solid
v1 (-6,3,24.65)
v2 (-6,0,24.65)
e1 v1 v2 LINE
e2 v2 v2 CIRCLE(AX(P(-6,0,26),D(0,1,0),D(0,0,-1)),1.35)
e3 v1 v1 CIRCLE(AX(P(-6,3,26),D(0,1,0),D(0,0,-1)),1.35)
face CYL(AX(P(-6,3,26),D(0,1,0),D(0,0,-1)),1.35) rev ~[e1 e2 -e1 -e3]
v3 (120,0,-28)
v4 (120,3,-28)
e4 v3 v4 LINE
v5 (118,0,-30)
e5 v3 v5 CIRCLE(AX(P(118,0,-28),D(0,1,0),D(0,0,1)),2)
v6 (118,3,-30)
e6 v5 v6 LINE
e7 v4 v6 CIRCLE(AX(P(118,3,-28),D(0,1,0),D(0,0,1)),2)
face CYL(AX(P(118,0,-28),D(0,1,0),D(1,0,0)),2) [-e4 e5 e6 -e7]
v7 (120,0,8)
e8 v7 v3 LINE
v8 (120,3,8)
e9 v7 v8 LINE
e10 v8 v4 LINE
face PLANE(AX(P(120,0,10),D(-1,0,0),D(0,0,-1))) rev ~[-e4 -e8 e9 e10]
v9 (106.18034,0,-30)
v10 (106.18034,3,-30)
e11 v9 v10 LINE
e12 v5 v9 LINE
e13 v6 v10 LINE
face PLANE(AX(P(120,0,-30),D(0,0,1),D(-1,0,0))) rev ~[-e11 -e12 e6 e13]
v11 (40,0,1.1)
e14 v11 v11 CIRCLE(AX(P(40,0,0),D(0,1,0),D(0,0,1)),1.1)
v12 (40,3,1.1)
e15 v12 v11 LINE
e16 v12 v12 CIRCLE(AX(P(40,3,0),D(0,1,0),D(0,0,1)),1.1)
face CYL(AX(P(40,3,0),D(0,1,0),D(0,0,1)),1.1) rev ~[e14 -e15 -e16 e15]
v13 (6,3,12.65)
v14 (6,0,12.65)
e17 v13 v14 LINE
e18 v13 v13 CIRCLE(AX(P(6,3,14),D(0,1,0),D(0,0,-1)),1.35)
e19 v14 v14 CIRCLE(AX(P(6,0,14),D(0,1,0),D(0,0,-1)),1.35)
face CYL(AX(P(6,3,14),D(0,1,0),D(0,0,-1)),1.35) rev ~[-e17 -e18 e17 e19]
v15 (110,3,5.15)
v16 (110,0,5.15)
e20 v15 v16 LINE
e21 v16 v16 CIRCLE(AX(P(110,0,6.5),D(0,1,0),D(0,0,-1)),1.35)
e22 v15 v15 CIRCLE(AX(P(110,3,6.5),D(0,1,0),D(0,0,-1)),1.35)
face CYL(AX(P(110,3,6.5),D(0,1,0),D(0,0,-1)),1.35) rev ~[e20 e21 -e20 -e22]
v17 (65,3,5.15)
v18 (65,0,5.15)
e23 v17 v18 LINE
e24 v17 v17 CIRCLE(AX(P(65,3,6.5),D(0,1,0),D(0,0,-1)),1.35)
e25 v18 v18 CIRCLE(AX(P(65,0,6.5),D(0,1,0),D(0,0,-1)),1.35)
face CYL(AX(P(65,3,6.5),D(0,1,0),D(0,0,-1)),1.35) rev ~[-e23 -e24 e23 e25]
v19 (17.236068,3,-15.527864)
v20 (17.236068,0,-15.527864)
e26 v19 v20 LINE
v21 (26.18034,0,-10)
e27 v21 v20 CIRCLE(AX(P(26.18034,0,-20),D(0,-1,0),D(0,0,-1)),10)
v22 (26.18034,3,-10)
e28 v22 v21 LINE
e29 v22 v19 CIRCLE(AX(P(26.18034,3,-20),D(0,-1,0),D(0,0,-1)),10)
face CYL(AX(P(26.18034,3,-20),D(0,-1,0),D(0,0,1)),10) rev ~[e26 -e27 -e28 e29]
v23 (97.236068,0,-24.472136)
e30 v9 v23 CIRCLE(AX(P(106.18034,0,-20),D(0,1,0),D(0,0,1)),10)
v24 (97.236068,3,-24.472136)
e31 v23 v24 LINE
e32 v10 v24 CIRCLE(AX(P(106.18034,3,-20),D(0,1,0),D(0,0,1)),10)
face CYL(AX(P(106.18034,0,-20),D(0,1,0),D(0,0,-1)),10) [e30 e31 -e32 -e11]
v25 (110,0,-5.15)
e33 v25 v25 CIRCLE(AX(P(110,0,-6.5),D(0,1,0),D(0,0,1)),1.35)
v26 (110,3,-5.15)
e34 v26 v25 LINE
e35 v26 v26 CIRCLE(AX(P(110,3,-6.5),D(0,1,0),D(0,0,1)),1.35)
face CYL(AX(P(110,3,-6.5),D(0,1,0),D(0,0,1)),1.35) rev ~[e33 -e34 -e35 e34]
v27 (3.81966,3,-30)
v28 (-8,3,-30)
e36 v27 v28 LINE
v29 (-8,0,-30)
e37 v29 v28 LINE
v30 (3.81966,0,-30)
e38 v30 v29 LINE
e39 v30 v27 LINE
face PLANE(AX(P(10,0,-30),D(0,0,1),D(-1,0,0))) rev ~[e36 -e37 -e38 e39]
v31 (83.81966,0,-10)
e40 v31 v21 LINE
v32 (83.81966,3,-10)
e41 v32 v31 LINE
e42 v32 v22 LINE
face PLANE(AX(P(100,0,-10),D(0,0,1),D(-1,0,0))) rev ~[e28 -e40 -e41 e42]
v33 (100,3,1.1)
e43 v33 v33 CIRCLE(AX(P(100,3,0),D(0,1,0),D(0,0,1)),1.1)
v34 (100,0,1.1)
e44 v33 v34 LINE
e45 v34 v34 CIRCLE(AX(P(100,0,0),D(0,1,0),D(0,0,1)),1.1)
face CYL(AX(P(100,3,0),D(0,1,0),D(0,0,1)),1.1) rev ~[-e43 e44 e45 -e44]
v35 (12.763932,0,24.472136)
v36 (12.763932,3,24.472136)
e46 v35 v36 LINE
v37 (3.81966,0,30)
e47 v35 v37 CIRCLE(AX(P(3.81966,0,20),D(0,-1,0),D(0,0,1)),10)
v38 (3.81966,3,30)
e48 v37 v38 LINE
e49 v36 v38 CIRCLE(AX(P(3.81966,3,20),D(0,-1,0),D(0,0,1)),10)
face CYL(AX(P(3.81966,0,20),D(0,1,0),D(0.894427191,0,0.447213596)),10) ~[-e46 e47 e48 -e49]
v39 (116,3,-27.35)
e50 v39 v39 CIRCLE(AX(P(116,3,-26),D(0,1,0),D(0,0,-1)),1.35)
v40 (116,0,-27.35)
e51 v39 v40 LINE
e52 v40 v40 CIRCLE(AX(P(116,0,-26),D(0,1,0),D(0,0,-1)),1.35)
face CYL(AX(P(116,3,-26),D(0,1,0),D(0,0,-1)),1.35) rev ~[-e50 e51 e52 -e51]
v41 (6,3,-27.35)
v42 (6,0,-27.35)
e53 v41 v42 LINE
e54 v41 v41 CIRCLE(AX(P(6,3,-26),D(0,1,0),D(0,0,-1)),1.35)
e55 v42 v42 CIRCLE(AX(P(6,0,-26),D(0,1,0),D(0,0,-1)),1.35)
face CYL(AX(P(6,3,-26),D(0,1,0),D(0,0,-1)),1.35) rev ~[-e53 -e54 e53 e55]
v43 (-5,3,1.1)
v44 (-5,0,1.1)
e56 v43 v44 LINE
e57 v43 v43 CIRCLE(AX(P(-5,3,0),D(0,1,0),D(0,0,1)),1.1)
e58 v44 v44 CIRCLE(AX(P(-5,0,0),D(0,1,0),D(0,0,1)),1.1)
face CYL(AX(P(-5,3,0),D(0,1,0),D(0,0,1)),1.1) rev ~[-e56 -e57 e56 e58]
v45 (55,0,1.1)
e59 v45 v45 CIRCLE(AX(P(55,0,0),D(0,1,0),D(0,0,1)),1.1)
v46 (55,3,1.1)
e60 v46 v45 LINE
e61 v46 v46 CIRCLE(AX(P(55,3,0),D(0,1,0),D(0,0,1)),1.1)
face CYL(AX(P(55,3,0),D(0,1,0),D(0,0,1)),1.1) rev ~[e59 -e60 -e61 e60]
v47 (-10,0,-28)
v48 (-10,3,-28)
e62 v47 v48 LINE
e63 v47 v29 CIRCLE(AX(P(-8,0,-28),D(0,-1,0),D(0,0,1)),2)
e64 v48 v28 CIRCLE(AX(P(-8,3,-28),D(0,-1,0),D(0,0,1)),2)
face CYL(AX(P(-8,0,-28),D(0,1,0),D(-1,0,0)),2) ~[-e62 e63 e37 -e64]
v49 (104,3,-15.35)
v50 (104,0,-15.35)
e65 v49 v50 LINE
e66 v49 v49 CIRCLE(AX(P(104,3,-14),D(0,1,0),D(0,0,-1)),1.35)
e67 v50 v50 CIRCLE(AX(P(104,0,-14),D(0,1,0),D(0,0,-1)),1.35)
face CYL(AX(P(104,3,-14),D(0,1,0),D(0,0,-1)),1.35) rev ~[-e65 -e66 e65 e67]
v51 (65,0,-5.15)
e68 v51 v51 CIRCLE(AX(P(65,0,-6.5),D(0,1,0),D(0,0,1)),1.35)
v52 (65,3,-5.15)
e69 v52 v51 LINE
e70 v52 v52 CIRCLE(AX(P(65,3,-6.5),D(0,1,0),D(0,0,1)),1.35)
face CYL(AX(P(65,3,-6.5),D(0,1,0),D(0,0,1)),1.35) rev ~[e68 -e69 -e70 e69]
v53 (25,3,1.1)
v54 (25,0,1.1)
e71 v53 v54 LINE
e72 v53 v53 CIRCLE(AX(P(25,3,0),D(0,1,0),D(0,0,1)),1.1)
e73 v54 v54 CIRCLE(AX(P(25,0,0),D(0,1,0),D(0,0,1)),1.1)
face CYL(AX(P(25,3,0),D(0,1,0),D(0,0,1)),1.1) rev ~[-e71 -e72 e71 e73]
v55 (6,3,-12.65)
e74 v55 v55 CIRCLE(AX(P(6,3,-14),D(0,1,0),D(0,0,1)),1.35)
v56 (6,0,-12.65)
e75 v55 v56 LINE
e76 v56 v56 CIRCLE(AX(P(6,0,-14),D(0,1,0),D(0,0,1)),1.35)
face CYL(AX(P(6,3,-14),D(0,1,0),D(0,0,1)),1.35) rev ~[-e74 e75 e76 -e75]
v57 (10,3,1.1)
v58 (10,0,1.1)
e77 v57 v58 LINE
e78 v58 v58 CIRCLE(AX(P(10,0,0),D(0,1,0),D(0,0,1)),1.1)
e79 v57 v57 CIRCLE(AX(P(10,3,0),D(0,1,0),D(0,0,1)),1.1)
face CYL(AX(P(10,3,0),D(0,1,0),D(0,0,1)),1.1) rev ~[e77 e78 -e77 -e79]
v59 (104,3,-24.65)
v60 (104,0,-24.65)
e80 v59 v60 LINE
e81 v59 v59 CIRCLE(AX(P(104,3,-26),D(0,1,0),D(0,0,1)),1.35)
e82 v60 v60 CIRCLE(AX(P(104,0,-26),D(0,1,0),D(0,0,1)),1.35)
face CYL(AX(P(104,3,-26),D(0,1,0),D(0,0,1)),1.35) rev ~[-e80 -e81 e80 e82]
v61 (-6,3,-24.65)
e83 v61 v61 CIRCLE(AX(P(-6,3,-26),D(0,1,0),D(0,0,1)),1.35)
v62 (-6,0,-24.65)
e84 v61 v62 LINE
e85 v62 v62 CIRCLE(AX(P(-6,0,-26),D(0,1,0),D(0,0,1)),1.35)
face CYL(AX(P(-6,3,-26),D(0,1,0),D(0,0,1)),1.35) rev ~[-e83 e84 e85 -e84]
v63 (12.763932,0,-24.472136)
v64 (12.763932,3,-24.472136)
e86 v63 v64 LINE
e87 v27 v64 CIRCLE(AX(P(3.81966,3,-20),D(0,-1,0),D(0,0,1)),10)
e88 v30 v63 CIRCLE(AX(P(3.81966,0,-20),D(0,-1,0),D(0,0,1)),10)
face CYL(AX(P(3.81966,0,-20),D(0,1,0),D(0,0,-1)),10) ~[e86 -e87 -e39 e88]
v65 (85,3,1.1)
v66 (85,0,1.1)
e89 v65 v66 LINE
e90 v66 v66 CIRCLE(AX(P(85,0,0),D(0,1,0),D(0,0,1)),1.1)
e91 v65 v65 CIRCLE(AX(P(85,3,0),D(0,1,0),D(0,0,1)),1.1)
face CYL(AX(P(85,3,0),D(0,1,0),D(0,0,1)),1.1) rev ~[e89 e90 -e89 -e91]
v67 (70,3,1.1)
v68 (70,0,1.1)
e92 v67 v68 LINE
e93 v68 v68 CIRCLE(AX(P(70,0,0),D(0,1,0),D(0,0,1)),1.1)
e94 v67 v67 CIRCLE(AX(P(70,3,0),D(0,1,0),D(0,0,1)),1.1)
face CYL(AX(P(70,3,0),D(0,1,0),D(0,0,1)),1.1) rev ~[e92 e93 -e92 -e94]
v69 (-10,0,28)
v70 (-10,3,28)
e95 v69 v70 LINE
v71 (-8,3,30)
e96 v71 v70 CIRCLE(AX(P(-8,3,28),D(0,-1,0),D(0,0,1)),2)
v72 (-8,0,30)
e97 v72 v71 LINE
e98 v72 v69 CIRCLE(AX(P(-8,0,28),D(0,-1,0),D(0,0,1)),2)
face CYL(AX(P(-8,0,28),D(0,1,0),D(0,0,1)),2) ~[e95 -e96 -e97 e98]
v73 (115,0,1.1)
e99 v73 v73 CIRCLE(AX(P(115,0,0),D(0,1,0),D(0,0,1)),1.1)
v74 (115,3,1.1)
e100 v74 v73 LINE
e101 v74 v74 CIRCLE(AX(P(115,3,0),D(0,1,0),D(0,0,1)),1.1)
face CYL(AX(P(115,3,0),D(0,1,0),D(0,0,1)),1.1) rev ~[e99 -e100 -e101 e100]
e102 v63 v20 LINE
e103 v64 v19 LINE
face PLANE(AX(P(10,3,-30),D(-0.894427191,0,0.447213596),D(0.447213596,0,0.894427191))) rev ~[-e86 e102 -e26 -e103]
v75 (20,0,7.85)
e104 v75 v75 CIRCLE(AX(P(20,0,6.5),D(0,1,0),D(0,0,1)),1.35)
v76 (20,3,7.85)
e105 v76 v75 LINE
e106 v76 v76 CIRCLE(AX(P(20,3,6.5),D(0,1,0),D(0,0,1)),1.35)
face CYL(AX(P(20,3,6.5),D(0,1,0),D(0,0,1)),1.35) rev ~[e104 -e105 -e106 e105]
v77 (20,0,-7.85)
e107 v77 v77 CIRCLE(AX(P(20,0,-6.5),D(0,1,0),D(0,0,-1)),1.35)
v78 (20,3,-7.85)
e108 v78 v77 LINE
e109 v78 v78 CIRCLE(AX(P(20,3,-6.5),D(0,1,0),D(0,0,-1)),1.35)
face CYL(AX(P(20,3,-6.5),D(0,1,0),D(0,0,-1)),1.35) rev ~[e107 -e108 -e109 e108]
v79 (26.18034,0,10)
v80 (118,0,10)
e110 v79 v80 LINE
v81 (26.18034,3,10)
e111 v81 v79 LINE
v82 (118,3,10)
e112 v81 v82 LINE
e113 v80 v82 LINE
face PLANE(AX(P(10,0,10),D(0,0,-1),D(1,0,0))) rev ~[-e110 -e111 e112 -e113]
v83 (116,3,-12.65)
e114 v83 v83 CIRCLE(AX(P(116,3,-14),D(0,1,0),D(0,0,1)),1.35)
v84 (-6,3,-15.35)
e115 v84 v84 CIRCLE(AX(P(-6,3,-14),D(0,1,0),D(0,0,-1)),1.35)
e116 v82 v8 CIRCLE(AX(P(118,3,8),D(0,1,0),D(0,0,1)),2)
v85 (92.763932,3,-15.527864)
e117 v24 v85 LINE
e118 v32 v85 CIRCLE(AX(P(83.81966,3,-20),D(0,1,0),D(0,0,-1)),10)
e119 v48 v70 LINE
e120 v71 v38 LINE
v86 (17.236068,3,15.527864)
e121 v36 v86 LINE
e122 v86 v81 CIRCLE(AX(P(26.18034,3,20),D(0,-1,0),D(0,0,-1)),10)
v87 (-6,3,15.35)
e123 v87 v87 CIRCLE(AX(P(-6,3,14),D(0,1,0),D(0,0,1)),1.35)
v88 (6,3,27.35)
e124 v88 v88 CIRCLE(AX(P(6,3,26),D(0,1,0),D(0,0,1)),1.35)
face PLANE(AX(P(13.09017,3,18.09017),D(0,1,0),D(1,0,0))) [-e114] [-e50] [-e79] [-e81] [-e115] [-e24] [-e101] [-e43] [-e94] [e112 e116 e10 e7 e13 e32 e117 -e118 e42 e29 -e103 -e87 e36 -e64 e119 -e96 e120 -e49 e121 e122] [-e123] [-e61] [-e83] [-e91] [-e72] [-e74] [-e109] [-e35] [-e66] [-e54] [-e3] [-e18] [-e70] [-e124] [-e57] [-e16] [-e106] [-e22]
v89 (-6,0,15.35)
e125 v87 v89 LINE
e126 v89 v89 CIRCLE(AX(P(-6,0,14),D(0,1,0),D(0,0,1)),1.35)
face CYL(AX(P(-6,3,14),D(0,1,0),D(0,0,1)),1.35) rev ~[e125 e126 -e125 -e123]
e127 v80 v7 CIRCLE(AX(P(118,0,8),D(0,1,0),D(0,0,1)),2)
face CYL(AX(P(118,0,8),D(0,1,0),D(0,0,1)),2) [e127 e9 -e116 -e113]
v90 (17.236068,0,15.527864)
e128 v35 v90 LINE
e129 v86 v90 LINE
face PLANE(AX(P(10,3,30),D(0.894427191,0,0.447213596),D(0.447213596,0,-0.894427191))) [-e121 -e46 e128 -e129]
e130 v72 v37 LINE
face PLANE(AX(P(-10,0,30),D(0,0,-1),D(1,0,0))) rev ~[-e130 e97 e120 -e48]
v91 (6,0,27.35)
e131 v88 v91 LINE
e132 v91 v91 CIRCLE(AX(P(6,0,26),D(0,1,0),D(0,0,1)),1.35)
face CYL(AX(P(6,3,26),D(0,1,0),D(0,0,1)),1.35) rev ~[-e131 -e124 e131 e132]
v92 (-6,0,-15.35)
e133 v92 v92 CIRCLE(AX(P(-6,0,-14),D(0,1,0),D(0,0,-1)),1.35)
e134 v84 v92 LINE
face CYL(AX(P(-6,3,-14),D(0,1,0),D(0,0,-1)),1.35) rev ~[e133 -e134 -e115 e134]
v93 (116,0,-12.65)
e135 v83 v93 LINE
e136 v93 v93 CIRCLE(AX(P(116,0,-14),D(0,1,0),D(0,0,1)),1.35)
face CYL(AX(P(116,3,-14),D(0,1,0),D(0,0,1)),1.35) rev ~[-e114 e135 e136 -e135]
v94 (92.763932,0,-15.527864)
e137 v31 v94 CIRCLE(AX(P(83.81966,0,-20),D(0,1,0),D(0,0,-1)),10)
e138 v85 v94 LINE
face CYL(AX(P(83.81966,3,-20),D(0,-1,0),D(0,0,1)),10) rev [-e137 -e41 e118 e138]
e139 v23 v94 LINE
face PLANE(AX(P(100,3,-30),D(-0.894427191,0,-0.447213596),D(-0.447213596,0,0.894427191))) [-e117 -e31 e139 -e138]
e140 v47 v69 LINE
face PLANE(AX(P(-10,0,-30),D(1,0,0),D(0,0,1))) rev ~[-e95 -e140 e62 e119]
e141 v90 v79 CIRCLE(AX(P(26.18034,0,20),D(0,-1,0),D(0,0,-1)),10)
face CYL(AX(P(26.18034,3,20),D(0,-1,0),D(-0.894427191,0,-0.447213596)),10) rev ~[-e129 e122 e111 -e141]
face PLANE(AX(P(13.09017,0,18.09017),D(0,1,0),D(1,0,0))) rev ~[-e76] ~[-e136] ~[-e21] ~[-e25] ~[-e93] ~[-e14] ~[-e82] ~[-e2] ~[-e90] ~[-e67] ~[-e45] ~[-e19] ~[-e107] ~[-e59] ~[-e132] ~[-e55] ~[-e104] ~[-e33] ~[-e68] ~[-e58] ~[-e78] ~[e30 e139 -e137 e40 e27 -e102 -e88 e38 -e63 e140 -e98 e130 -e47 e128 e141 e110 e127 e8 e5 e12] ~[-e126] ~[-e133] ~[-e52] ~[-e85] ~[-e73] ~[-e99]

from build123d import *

# Parameters (mm, degrees)
EXTRUDE_1_DEPTH     = 3
SKETCH_2_R          = 1.35
CUT_EXTRUDE_1_DEPTH = 124.729543764
SKETCH_3_R          = 1.1
CUT_EXTRUDE_2_DEPTH = 124.729543764
EXTRUDE_2_DEPTH     = 3
FILLET_1_R          = 10
FILLET_2_R          = 2


with BuildPart() as part:
    # 草图1 → 凸台-拉伸1 (new body)
    with BuildSketch(Plane(origin=(0, 0, 0), x_dir=(1, 0, 0), z_dir=(0, 1, 0))):
        Polygon((10, 10), (10, 30), (-10, 30), (-10, -30), (10, -30), (10, -10), (120, -10), (120, 10), (120, 30), (100, 30), (100, 10), align=None)
    extrude(amount=EXTRUDE_1_DEPTH)

    # 草图2 → 切除-拉伸1 (cut, through all)
    with BuildSketch(Plane(origin=(0, 3, 0), x_dir=(1, 0, 0), z_dir=(0, 1, 0))):
        with Locations(Location((-6, 26, 0), (0, 0, 270))):
            Circle(SKETCH_2_R)
        with Locations(Location((-6, 14, 0), (0, 0, 90))):
            Circle(SKETCH_2_R)
        with Locations(Location((6, 14, 0), (0, 0, 270))):
            Circle(SKETCH_2_R)
        with Locations(Location((6, 26, 0), (0, 0, 90))):
            Circle(SKETCH_2_R)
        with Locations(Location((6, -26, 0), (0, 0, 270))):
            Circle(SKETCH_2_R)
        with Locations(Location((6, -14, 0), (0, 0, 90))):
            Circle(SKETCH_2_R)
        with Locations(Location((-6, -14, 0), (0, 0, 270))):
            Circle(SKETCH_2_R)
        with Locations(Location((-6, -26, 0), (0, 0, 90))):
            Circle(SKETCH_2_R)
        with Locations(Location((110, 6.5, 0), (0, 0, 270))):
            Circle(SKETCH_2_R)
        with Locations(Location((20, 6.5, 0), (0, 0, 90))):
            Circle(SKETCH_2_R)
        with Locations(Location((65, 6.5, 0), (0, 0, 270))):
            Circle(SKETCH_2_R)
        with Locations(Location((65, -6.5, 0), (0, 0, 90))):
            Circle(SKETCH_2_R)
        with Locations(Location((20, -6.5, 0), (0, 0, 270))):
            Circle(SKETCH_2_R)
        with Locations(Location((110, -6.5, 0), (0, 0, 90))):
            Circle(SKETCH_2_R)
        with Locations(Location((104, 26, 0), (0, 0, 270))):
            Circle(SKETCH_2_R)
        with Locations(Location((104, 14, 0), (0, 0, 90))):
            Circle(SKETCH_2_R)
        with Locations(Location((116, 14, 0), (0, 0, 270))):
            Circle(SKETCH_2_R)
        with Locations(Location((116, 26, 0), (0, 0, 90))):
            Circle(SKETCH_2_R)
    extrude(amount=-CUT_EXTRUDE_1_DEPTH, mode=Mode.SUBTRACT)

    # 草图3 → 切除-拉伸2 (cut, through all)
    with BuildSketch(Plane(origin=(0, 3, 0), x_dir=(1, 0, 0), z_dir=(0, 1, 0))):
        with Locations(Location((115, 0, 0), (0, 0, 270))):
            Circle(SKETCH_3_R)
        with Locations(Location((100, 0, 0), (0, 0, 270))):
            Circle(SKETCH_3_R)
        with Locations(Location((85, 0, 0), (0, 0, 270))):
            Circle(SKETCH_3_R)
        with Locations(Location((70, 0, 0), (0, 0, 270))):
            Circle(SKETCH_3_R)
        with Locations(Location((55, 0, 0), (0, 0, 270))):
            Circle(SKETCH_3_R)
        with Locations(Location((40, 0, 0), (0, 0, 270))):
            Circle(SKETCH_3_R)
        with Locations(Location((25, 0, 0), (0, 0, 270))):
            Circle(SKETCH_3_R)
        with Locations(Location((10, 0, 0), (0, 0, 270))):
            Circle(SKETCH_3_R)
        with Locations(Location((-5, 0, 0), (0, 0, 270))):
            Circle(SKETCH_3_R)
    extrude(amount=-CUT_EXTRUDE_2_DEPTH, mode=Mode.SUBTRACT)

    # 草图4 → 凸台-拉伸2 (add)
    with BuildSketch(Plane(origin=(0, 3, 0), x_dir=(1, 0, 0), z_dir=(0, 1, 0))):
        Polygon((10, -30), (20, -10), (10, -10), align=None)
        Polygon((20, 10), (10, 10), (10, 30), align=None)
        Polygon((100, 30), (90, 10), (100, 10), align=None)
    extrude(amount=-EXTRUDE_2_DEPTH)

    # 圆角1
    fillet_1_edges = [part.edges().sort_by_distance(p)[0] for p in [
        (20, 1.5, -10),
        (20, 1.5, 10),
        (90, 1.5, -10),
        (10, 1.5, -30),
        (100, 1.5, -30),
        (10, 1.5, 30),
    ]]
    fillet(fillet_1_edges, radius=FILLET_1_R)

    # 圆角2
    fillet_2_edges = [part.edges().sort_by_distance(p)[0] for p in [
        (120, 1.5, -30),
        (120, 1.5, 10),
        (-10, 1.5, 30),
        (-10, 1.5, -30),
    ]]
    fillet(fillet_2_edges, radius=FILLET_2_R)


solid = part.part
